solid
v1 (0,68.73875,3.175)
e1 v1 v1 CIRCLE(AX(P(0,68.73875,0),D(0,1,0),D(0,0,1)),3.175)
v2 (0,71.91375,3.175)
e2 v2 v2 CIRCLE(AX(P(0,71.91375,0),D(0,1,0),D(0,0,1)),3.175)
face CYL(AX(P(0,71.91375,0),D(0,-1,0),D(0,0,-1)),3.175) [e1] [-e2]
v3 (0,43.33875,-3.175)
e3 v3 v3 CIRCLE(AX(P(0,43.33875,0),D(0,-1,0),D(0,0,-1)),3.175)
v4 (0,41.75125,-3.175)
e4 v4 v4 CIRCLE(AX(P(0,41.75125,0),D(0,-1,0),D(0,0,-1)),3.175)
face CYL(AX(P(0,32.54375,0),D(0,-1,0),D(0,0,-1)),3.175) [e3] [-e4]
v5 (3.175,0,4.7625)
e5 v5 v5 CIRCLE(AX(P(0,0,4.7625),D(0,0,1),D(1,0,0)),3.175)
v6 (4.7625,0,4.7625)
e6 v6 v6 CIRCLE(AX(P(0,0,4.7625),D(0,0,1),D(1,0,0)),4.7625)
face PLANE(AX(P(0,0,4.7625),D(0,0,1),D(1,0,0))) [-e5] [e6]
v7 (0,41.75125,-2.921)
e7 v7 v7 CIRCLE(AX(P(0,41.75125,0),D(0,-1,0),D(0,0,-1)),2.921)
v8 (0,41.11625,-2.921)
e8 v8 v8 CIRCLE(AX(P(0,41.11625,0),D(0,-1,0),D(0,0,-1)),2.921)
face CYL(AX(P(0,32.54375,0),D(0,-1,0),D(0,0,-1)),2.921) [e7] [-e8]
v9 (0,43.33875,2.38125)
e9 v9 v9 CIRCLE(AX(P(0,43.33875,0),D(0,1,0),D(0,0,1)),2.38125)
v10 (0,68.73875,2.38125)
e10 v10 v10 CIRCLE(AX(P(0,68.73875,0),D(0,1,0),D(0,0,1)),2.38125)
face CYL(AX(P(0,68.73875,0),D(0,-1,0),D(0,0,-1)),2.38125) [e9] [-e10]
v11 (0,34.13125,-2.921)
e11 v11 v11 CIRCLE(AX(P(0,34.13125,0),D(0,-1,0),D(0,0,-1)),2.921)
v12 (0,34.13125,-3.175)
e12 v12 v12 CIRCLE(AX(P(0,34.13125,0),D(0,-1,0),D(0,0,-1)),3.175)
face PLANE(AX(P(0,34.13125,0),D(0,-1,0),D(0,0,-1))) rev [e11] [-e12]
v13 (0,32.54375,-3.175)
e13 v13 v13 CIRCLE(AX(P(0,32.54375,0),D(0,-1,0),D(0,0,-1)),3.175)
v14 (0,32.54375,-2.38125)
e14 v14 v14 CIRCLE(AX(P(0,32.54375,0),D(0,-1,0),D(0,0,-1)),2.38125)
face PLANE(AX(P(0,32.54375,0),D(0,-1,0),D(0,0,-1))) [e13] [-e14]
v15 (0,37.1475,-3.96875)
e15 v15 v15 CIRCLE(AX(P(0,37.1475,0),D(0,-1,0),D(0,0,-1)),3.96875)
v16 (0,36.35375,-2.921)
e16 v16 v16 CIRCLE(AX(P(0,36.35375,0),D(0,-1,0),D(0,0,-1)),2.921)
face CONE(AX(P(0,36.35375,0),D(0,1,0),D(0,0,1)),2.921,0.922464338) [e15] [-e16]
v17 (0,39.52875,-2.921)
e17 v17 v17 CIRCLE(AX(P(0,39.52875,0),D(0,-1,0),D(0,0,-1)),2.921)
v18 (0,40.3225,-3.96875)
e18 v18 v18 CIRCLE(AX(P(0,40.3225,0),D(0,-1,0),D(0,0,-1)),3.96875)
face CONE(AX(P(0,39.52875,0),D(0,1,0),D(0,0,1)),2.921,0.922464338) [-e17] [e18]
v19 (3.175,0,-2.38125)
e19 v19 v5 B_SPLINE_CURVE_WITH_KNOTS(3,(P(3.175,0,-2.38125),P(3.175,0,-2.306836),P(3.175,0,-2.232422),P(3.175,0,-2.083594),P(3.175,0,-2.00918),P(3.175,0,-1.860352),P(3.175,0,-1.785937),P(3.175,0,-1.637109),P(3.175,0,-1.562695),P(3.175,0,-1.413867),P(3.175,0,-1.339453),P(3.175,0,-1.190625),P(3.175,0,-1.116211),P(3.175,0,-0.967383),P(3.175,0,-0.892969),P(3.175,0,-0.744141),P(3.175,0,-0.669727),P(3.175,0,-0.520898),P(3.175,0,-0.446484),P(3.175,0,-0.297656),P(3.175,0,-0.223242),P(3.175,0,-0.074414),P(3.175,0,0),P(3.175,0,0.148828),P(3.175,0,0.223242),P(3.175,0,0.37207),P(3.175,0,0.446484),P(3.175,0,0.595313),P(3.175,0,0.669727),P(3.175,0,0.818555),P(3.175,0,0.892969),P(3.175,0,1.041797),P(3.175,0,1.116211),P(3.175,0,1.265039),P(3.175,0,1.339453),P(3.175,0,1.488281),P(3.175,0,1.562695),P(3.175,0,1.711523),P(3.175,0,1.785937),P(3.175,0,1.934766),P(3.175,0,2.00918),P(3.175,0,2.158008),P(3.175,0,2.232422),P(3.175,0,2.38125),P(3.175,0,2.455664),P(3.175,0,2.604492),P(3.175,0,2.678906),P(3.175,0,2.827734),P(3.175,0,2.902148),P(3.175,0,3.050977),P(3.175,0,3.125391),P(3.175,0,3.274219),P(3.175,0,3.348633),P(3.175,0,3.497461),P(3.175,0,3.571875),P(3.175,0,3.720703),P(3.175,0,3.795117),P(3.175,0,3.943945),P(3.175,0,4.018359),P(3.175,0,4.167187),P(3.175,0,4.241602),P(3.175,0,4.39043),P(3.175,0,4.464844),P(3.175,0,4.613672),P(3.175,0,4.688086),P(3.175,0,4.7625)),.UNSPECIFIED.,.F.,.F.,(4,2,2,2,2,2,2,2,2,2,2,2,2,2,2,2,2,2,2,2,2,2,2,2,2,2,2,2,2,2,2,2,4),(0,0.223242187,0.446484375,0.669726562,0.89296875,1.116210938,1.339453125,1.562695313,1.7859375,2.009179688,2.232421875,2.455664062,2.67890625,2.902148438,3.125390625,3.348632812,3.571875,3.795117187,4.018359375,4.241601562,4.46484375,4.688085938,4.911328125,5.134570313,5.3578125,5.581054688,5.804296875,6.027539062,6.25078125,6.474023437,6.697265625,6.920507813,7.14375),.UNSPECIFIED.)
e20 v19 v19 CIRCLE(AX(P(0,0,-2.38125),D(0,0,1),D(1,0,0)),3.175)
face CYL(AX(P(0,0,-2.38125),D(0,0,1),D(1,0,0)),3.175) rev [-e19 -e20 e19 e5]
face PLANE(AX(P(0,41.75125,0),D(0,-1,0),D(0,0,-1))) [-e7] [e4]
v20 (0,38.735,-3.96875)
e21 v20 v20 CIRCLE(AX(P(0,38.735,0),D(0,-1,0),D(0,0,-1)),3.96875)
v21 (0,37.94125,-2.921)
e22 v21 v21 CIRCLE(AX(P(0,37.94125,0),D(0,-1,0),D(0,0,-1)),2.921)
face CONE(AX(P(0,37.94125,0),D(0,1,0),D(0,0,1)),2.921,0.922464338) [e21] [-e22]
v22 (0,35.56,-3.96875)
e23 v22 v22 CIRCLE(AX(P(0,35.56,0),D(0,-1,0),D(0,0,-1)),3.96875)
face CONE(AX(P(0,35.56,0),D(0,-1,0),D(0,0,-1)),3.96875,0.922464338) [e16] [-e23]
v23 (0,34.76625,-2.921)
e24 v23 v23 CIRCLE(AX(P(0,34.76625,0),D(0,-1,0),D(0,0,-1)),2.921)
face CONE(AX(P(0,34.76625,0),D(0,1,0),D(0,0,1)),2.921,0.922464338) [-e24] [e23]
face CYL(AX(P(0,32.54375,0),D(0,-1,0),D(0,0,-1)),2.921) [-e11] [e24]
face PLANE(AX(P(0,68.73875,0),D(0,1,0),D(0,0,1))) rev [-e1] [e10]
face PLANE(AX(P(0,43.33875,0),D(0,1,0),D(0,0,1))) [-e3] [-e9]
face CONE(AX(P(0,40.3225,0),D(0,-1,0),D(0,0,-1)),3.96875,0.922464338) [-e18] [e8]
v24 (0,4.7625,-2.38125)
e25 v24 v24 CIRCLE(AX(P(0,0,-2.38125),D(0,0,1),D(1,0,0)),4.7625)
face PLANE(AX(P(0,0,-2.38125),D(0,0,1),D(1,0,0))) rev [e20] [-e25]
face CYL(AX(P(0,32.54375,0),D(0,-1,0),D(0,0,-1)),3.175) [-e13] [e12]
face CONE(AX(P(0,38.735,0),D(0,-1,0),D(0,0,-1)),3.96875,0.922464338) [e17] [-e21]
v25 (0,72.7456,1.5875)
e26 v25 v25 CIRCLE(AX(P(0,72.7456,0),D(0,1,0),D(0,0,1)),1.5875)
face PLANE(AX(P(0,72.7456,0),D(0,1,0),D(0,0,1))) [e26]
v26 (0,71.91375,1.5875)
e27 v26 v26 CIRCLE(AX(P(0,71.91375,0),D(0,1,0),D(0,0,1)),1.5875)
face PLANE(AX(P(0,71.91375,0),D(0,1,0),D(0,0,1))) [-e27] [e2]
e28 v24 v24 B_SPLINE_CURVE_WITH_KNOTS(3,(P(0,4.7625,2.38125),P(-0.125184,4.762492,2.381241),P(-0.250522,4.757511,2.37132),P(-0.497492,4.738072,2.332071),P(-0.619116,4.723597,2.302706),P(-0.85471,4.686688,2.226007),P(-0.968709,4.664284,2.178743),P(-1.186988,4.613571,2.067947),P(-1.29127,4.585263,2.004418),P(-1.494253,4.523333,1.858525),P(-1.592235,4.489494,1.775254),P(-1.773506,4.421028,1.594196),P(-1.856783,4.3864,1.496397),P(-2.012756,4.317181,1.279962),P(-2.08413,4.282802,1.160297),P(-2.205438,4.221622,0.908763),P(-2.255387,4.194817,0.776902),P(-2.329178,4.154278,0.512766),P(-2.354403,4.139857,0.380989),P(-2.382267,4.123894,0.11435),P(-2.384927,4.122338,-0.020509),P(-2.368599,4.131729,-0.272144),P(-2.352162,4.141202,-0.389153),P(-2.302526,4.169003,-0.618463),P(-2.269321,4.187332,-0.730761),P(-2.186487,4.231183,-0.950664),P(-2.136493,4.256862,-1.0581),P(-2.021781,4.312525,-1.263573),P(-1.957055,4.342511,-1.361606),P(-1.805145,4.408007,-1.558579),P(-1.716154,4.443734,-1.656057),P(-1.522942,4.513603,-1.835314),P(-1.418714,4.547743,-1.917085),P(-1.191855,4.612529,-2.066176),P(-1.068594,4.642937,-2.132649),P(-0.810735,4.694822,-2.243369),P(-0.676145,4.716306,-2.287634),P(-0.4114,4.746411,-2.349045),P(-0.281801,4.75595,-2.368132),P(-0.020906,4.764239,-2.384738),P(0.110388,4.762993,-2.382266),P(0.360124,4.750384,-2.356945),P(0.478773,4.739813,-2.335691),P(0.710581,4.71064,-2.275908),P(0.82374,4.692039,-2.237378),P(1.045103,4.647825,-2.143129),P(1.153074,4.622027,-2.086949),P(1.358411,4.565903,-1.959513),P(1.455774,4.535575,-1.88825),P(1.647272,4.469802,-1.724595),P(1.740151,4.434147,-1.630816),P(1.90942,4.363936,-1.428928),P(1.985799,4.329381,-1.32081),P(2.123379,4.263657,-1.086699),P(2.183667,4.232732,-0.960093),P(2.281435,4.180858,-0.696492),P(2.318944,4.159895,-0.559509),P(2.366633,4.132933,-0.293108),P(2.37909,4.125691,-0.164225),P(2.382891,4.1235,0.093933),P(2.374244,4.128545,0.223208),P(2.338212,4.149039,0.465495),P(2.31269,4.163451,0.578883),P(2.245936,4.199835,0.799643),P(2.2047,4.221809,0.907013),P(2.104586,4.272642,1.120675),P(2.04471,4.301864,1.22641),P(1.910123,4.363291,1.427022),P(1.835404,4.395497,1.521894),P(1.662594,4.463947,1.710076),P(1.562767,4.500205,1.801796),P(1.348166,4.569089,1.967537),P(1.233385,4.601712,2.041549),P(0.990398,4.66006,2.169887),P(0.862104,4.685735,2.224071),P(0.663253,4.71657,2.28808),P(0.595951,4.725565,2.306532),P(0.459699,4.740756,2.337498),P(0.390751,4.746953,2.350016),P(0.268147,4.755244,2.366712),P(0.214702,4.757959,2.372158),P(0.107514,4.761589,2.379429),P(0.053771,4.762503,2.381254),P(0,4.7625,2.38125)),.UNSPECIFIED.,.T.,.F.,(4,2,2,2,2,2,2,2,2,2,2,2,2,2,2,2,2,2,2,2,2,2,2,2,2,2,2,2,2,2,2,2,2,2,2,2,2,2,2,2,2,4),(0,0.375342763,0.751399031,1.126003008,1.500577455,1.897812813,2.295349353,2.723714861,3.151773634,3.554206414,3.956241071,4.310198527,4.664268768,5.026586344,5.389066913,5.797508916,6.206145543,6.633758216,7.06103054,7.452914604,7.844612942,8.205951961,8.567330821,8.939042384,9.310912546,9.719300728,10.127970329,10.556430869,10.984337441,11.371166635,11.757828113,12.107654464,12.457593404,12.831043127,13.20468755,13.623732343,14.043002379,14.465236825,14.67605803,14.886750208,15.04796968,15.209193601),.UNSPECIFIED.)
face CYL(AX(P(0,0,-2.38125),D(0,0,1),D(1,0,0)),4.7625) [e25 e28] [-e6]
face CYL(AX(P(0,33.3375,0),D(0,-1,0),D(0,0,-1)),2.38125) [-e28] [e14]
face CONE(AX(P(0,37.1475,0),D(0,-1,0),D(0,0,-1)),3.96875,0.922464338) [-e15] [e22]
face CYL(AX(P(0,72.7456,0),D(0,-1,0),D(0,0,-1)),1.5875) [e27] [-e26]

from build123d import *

# Parameters (mm, degrees)
BOSS_EXTRUDE1_DEPTH                  = 4.7625
BOSS_EXTRUDE1_DEPTH_BACK             = 2.38125
SKETCH1_R                            = 4.7625
SKETCH1_R_2                          = 3.175
SKETCH2_R                            = 2.38125
BOSS_EXTRUDE2_DEPTH                  = 28.575
BOSS_EXTRUDE2_DIRECTION_2_REACH      = 13.666
BOSS_EXTRUDE2_DIRECTION_2_END_RADIUS = 4.7625
SKETCH3_W                            = 3.175
SKETCH3_H                            = 1.5875
BOSS_EXTRUDE3_START                  = 25.4
SKETCH4_R                            = 2.38125
BOSS_EXTRUDE3_DEPTH                  = 25.4
SKETCH5_R                            = 3.175
BOSS_EXTRUDE4_DEPTH                  = 3.175
SKETCH6_R                            = 1.5875
BOSS_EXTRUDE5_DEPTH                  = 0.83185


with BuildPart() as part:
    # Sketch1 → Boss-Extrude1 (new, two sides: drawn at the far end of the back side and taken through both)
    with BuildSketch(Plane.XY.offset(-BOSS_EXTRUDE1_DEPTH_BACK)):
        Circle(SKETCH1_R)
        Circle(SKETCH1_R_2, mode=Mode.SUBTRACT)
    extrude(amount=BOSS_EXTRUDE1_DEPTH + BOSS_EXTRUDE1_DEPTH_BACK)

    # Sketch2 → Boss-Extrude2 (add)
    with BuildSketch(Plane(origin=(0, 4.7625, 0), x_dir=(1, 0, 0), z_dir=(0, 1, 0))):
        with Locations(Location((0, 0, 0), (0, 0, 90.000000028))):
            Circle(SKETCH2_R)
    extrude(amount=BOSS_EXTRUDE2_DEPTH)

    # Boss-Extrude2 direction 2: up to this cylinder (the profile starts outside it)
    boss_extrude2_direction_2_end = Plane(origin=(0, 0, 0), z_dir=(0, 0, 1)) * Cylinder(BOSS_EXTRUDE2_DIRECTION_2_END_RADIUS, 37.857, mode=Mode.PRIVATE)
    # Sketch2 → Boss-Extrude2 direction 2 (add, up to the surface)
    with BuildSketch(Plane(origin=(0, 4.7625, 0), x_dir=(1, 0, 0), z_dir=(0, 1, 0)), mode=Mode.PRIVATE) as boss_extrude2_direction_2_sk1:
        with Locations(Location((0, 0, 0), (0, 0, 90.000000028))):
            Circle(SKETCH2_R)
    boss_extrude2_direction_2_tool1 = extrude(boss_extrude2_direction_2_sk1.sketch, amount=-BOSS_EXTRUDE2_DIRECTION_2_REACH, mode=Mode.PRIVATE) - boss_extrude2_direction_2_end
    add(boss_extrude2_direction_2_tool1.solids().sort_by_distance((0, 4.7625, 0))[0])
    add(boss_extrude2_direction_2_tool1.solids().sort_by_distance((0, 4.7625, 0))[1])

    # Sketch3 → Revolve1 (revolve)
    with BuildSketch(Plane(origin=(0, 0, 0), x_dir=(0, 0, -1), z_dir=(1, 0, 0)), mode=Mode.PRIVATE) as revolve1_sk:
        with Locations((-1.5875, 33.3375)):
            Rectangle(SKETCH3_W, SKETCH3_H)
        Polygon((-2.921, 34.76625), (-2.921, 34.13125), (0, 34.13125), (0, 43.33875), (-3.175, 43.33875), (-3.175, 41.75125), (-2.921, 41.75125), (-2.921, 41.11625), (-3.96875, 40.3225), (-2.921, 39.52875), (-3.96875, 38.735), (-2.921, 37.94125), (-3.96875, 37.1475), (-2.921, 36.35375), (-3.96875, 35.56), align=None)
    revolve(revolve1_sk.sketch.rotate(Axis((0, 32.54375, 0), (0, 1, 0)), 180), axis=Axis((0, 32.54375, 0), (0, 1, 0)))

    # Sketch4 → Boss-Extrude3 (add)
    with BuildSketch(Plane(origin=(0, 43.33875, 0), x_dir=(1, 0, 0), z_dir=(0, 1, 0)).offset(BOSS_EXTRUDE3_START)):
        with Locations(Location((0, 0, 0), (0, 0, 90))):
            Circle(SKETCH4_R)
    extrude(amount=-BOSS_EXTRUDE3_DEPTH)

    # Sketch5 → Boss-Extrude4 (add)
    with BuildSketch(Plane(origin=(0, 68.73875, 0), x_dir=(1, 0, 0), z_dir=(0, 1, 0))):
        with Locations(Location((0, 0, 0), (0, 0, 90))):
            Circle(SKETCH5_R)
    extrude(amount=BOSS_EXTRUDE4_DEPTH)

    # Sketch6 → Boss-Extrude5 (add)
    with BuildSketch(Plane(origin=(0, 71.91375, 0), x_dir=(1, 0, 0), z_dir=(0, 1, 0))):
        with Locations(Location((0, 0, 0), (0, 0, 270))):
            Circle(SKETCH6_R)
    extrude(amount=BOSS_EXTRUDE5_DEPTH)


solid = part.part
